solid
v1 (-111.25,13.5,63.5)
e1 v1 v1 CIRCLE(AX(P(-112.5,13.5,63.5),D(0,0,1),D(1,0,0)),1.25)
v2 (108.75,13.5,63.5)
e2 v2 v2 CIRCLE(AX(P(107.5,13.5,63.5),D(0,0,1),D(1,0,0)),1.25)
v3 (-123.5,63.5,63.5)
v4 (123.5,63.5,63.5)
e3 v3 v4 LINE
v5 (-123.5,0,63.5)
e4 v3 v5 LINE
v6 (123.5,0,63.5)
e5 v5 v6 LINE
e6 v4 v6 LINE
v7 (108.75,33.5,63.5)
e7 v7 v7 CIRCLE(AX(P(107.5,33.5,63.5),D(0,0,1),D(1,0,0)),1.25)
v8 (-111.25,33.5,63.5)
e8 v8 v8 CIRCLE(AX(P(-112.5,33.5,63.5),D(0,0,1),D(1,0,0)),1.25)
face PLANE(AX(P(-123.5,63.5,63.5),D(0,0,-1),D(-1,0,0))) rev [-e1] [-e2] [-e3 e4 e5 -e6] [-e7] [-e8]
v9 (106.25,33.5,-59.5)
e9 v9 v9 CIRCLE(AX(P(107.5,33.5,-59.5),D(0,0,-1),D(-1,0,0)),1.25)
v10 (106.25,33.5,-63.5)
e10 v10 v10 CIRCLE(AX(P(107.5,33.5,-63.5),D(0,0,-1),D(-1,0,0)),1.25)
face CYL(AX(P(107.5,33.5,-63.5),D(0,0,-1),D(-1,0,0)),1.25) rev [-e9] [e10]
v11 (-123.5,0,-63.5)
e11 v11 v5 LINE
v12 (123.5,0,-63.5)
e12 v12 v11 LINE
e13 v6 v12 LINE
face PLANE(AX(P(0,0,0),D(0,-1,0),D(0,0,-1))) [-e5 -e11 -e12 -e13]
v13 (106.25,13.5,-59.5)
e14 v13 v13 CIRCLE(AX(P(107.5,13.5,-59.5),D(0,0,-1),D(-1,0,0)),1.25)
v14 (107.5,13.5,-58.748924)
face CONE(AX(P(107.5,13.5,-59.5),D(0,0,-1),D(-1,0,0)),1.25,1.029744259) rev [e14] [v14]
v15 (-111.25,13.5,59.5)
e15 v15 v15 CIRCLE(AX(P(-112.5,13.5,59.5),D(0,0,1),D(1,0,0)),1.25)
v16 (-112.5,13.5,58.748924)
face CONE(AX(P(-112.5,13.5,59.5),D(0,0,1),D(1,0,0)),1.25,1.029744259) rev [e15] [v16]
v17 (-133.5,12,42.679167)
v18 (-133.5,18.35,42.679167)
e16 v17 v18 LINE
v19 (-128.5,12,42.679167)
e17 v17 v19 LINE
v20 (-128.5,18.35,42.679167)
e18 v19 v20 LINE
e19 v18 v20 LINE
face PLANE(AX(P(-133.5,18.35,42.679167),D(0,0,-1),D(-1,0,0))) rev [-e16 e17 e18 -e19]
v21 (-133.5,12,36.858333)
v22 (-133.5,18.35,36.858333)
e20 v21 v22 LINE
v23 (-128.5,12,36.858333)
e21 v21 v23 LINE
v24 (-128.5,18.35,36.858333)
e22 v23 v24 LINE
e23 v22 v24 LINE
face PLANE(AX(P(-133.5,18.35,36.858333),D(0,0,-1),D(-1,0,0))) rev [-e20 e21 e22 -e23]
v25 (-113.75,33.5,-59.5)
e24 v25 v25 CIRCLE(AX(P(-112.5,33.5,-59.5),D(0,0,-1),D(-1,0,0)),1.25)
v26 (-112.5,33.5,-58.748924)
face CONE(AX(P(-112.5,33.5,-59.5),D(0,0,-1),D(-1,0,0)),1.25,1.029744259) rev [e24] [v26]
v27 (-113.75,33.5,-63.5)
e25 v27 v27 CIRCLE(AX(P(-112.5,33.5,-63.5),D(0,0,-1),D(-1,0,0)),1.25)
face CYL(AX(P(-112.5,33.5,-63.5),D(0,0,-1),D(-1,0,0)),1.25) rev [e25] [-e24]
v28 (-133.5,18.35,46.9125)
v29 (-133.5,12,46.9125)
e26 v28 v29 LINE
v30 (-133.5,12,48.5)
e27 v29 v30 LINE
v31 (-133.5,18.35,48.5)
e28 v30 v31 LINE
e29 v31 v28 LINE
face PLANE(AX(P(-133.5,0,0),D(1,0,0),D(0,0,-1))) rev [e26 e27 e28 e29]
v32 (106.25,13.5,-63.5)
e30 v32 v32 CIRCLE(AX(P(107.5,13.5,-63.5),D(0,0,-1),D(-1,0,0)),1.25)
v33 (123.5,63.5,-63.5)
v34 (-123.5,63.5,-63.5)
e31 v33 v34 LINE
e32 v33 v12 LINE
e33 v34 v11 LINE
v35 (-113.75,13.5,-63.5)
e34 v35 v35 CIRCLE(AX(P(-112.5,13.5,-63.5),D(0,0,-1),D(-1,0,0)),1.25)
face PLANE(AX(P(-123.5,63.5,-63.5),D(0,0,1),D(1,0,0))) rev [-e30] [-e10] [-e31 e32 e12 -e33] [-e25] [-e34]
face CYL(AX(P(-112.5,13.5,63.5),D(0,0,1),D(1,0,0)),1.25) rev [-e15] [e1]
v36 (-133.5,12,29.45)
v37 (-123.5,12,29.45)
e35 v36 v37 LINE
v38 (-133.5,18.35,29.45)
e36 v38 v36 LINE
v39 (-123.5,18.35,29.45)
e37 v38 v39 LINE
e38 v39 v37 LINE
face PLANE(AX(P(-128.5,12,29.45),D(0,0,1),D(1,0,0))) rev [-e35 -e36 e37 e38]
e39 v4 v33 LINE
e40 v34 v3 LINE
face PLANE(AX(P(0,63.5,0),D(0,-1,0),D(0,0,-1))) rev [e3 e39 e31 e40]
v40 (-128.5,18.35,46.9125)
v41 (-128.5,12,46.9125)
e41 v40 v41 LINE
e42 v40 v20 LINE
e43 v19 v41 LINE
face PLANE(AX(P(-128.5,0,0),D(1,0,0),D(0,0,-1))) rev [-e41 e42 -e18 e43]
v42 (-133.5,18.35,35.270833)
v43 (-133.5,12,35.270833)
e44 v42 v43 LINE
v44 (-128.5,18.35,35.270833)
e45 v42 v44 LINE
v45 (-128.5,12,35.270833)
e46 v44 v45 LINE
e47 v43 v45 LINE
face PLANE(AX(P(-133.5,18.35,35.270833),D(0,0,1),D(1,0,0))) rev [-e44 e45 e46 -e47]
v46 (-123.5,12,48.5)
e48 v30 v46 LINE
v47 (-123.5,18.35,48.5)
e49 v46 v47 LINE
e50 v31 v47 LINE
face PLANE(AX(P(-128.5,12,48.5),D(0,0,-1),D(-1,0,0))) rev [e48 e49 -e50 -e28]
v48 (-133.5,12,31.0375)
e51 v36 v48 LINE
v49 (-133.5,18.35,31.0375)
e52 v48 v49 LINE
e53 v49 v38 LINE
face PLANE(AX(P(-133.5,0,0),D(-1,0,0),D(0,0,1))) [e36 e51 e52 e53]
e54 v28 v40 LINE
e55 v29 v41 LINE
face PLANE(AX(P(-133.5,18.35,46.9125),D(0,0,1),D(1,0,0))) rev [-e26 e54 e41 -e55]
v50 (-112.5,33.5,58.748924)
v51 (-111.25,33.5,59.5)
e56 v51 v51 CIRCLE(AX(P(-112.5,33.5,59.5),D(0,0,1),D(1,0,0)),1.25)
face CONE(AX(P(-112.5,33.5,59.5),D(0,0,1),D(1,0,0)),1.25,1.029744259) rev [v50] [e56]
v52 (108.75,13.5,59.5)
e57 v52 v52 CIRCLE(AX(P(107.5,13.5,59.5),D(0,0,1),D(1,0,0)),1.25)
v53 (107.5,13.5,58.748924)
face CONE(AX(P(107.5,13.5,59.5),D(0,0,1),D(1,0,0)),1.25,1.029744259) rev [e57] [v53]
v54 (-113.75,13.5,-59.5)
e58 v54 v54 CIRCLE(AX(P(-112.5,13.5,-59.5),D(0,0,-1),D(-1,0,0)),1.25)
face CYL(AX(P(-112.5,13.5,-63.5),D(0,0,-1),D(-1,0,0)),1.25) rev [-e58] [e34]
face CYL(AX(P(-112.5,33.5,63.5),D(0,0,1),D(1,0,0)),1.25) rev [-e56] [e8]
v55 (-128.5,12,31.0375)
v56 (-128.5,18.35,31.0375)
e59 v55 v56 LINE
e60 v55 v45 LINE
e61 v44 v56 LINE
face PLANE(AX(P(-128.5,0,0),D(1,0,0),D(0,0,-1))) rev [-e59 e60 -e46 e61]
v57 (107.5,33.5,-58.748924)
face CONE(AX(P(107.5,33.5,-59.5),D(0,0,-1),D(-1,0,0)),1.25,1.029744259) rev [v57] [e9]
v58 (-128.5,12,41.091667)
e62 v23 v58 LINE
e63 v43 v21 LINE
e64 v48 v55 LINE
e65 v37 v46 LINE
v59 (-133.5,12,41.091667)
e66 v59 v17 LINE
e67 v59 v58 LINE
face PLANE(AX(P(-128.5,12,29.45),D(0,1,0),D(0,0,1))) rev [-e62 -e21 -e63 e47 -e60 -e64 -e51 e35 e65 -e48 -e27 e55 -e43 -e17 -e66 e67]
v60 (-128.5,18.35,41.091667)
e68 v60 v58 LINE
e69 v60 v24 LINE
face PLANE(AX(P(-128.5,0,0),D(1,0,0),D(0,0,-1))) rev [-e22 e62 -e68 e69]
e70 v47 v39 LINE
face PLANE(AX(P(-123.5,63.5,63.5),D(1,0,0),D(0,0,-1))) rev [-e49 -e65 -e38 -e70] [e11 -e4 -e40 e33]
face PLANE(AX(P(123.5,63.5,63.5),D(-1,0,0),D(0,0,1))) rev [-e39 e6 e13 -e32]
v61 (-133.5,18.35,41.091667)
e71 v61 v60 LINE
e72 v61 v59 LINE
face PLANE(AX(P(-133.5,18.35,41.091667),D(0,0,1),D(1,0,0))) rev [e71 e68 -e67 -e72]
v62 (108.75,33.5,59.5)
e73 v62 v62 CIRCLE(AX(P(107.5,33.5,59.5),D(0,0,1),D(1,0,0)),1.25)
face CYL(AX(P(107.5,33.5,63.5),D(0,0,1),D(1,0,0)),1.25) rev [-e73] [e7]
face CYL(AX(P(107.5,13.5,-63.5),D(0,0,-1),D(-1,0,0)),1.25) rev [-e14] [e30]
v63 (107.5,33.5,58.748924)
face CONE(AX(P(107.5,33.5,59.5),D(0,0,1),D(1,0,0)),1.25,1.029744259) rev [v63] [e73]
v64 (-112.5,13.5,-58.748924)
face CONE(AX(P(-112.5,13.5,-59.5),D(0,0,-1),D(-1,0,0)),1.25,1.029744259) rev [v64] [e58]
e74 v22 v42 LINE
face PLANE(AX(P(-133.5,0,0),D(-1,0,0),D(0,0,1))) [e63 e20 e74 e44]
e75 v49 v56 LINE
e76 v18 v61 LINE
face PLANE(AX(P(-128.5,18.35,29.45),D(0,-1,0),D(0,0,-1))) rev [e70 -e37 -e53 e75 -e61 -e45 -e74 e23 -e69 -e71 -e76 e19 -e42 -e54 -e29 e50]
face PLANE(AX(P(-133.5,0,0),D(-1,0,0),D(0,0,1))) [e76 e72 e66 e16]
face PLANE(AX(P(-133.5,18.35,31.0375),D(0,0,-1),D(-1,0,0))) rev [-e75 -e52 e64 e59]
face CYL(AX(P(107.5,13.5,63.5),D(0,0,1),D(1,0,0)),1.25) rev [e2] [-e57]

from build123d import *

# Parameters (mm, degrees)
SKETCH1_W                      = 247
SKETCH1_H                      = 127
BOSS_EXTRUDE1_DEPTH            = 63.5
M3X0_5_TAPPED_HOLE1_AT_2_COUNT = 2
M3X0_5_TAPPED_HOLE1_AT_2_PITCH = 20
M3X0_5_TAPPED_HOLE1_AT_3_COUNT = 2
M3X0_5_TAPPED_HOLE1_AT_3_PITCH = 220.907220344
M3X0_5_TAPPED_HOLE1_AT_4_COUNT = 2
M3X0_5_TAPPED_HOLE1_AT_4_PITCH = 220
SKETCH4_W                      = 19.05
SKETCH4_H                      = 6.35
BOSS_EXTRUDE2_DEPTH            = 5
SKETCH5_W                      = 1.5875
SKETCH5_H                      = 6.35
BOSS_EXTRUDE3_DEPTH            = 5


with BuildPart() as part:
    # Sketch1 → Boss-Extrude1 (new body)
    with BuildSketch(Plane(origin=(0, 0, 0), x_dir=(1, 0, 0), z_dir=(0, 1, 0))):
        Rectangle(SKETCH1_W, SKETCH1_H)
    extrude(amount=BOSS_EXTRUDE1_DEPTH)

    # Sketch3 → M3x0.5 Tapped Hole1 (revolve, cut)
    with BuildSketch(Plane(origin=(-112.5, 33.5, 63.5), x_dir=(0, -1, 0), z_dir=(1, 0, 0))):
        Polygon((0, 0), (0, 4.751075774), (1.25, 4), (1.25, 0), align=None)
    m3x0_5_tapped_hole1 = revolve(axis=Axis((-112.5, 33.5, 69.85), (0, 0, -1)), mode=Mode.SUBTRACT)

    # M3x0.5 Tapped Hole1 at 2: M3x0.5 Tapped Hole1 ×2
    with Locations(*[(0, -i * M3X0_5_TAPPED_HOLE1_AT_2_PITCH, 0) for i in range(1, M3X0_5_TAPPED_HOLE1_AT_2_COUNT)]):
        add(m3x0_5_tapped_hole1, mode=Mode.SUBTRACT)

    # M3x0.5 Tapped Hole1 at 3: M3x0.5 Tapped Hole1 ×2
    with Locations(*[Vector(0.9958932064677039, -0.09053574604251853, 0) * (i * M3X0_5_TAPPED_HOLE1_AT_3_PITCH) for i in range(1, M3X0_5_TAPPED_HOLE1_AT_3_COUNT)]):
        add(m3x0_5_tapped_hole1, mode=Mode.SUBTRACT)

    # M3x0.5 Tapped Hole1 at 4: M3x0.5 Tapped Hole1 ×2
    with Locations(*[(i * M3X0_5_TAPPED_HOLE1_AT_4_PITCH, 0, 0) for i in range(1, M3X0_5_TAPPED_HOLE1_AT_4_COUNT)]):
        add(m3x0_5_tapped_hole1, mode=Mode.SUBTRACT)

    # Mirror1: M3x0.5 Tapped Hole1 across plane
    add(m3x0_5_tapped_hole1.mirror(Plane.XY), mode=Mode.SUBTRACT)

    # Mirror1 copy 1 sketch → Mirror1 copy 1 (revolve, cut)
    with BuildSketch(Plane(origin=(-112.5, 13.5, -63.5), x_dir=(0, -1, 0), z_dir=(1, 0, 0))):
        Polygon((0, 0), (0, -4.751075774), (1.25, -4), (1.25, 0), align=None)
    revolve(axis=Axis((-112.5, 13.5, -69.85), (0, 0, -1)), mode=Mode.SUBTRACT)

    # Mirror1 copy 2 sketch → Mirror1 copy 2 (revolve, cut)
    with BuildSketch(Plane(origin=(107.5, 13.5, -63.5), x_dir=(0, -1, 0), z_dir=(1, 0, 0))):
        Polygon((0, 0), (0, -4.751075774), (1.25, -4), (1.25, 0), align=None)
    revolve(axis=Axis((107.5, 13.5, -69.85), (0, 0, -1)), mode=Mode.SUBTRACT)

    # Mirror1 copy 3 sketch → Mirror1 copy 3 (revolve, cut)
    with BuildSketch(Plane(origin=(107.5, 33.5, -63.5), x_dir=(0, -1, 0), z_dir=(1, 0, 0))):
        Polygon((0, 0), (0, -4.751075774), (1.25, -4), (1.25, 0), align=None)
    revolve(axis=Axis((107.5, 33.5, -69.85), (0, 0, -1)), mode=Mode.SUBTRACT)

    # Sketch4 → Boss-Extrude2 (add)
    with BuildSketch(Plane.ZY.offset(123.5)):
        with Locations((38.975, 15.175)):
            Rectangle(SKETCH4_W, SKETCH4_H)
    extrude(amount=BOSS_EXTRUDE2_DEPTH)

    # Sketch5 → Boss-Extrude3 (add)
    with BuildSketch(Plane.ZY.offset(128.5)):
        with Locations((30.24375, 15.175)):
            Rectangle(SKETCH5_W, SKETCH5_H)
        with Locations((36.064583333, 15.175)):
            Rectangle(SKETCH5_W, SKETCH5_H)
        with Locations((47.70625, 15.175)):
            Rectangle(SKETCH5_W, SKETCH5_H)
        with Locations((41.885416667, 15.175)):
            Rectangle(SKETCH5_W, SKETCH5_H)
    extrude(amount=BOSS_EXTRUDE3_DEPTH)


solid = part.part
